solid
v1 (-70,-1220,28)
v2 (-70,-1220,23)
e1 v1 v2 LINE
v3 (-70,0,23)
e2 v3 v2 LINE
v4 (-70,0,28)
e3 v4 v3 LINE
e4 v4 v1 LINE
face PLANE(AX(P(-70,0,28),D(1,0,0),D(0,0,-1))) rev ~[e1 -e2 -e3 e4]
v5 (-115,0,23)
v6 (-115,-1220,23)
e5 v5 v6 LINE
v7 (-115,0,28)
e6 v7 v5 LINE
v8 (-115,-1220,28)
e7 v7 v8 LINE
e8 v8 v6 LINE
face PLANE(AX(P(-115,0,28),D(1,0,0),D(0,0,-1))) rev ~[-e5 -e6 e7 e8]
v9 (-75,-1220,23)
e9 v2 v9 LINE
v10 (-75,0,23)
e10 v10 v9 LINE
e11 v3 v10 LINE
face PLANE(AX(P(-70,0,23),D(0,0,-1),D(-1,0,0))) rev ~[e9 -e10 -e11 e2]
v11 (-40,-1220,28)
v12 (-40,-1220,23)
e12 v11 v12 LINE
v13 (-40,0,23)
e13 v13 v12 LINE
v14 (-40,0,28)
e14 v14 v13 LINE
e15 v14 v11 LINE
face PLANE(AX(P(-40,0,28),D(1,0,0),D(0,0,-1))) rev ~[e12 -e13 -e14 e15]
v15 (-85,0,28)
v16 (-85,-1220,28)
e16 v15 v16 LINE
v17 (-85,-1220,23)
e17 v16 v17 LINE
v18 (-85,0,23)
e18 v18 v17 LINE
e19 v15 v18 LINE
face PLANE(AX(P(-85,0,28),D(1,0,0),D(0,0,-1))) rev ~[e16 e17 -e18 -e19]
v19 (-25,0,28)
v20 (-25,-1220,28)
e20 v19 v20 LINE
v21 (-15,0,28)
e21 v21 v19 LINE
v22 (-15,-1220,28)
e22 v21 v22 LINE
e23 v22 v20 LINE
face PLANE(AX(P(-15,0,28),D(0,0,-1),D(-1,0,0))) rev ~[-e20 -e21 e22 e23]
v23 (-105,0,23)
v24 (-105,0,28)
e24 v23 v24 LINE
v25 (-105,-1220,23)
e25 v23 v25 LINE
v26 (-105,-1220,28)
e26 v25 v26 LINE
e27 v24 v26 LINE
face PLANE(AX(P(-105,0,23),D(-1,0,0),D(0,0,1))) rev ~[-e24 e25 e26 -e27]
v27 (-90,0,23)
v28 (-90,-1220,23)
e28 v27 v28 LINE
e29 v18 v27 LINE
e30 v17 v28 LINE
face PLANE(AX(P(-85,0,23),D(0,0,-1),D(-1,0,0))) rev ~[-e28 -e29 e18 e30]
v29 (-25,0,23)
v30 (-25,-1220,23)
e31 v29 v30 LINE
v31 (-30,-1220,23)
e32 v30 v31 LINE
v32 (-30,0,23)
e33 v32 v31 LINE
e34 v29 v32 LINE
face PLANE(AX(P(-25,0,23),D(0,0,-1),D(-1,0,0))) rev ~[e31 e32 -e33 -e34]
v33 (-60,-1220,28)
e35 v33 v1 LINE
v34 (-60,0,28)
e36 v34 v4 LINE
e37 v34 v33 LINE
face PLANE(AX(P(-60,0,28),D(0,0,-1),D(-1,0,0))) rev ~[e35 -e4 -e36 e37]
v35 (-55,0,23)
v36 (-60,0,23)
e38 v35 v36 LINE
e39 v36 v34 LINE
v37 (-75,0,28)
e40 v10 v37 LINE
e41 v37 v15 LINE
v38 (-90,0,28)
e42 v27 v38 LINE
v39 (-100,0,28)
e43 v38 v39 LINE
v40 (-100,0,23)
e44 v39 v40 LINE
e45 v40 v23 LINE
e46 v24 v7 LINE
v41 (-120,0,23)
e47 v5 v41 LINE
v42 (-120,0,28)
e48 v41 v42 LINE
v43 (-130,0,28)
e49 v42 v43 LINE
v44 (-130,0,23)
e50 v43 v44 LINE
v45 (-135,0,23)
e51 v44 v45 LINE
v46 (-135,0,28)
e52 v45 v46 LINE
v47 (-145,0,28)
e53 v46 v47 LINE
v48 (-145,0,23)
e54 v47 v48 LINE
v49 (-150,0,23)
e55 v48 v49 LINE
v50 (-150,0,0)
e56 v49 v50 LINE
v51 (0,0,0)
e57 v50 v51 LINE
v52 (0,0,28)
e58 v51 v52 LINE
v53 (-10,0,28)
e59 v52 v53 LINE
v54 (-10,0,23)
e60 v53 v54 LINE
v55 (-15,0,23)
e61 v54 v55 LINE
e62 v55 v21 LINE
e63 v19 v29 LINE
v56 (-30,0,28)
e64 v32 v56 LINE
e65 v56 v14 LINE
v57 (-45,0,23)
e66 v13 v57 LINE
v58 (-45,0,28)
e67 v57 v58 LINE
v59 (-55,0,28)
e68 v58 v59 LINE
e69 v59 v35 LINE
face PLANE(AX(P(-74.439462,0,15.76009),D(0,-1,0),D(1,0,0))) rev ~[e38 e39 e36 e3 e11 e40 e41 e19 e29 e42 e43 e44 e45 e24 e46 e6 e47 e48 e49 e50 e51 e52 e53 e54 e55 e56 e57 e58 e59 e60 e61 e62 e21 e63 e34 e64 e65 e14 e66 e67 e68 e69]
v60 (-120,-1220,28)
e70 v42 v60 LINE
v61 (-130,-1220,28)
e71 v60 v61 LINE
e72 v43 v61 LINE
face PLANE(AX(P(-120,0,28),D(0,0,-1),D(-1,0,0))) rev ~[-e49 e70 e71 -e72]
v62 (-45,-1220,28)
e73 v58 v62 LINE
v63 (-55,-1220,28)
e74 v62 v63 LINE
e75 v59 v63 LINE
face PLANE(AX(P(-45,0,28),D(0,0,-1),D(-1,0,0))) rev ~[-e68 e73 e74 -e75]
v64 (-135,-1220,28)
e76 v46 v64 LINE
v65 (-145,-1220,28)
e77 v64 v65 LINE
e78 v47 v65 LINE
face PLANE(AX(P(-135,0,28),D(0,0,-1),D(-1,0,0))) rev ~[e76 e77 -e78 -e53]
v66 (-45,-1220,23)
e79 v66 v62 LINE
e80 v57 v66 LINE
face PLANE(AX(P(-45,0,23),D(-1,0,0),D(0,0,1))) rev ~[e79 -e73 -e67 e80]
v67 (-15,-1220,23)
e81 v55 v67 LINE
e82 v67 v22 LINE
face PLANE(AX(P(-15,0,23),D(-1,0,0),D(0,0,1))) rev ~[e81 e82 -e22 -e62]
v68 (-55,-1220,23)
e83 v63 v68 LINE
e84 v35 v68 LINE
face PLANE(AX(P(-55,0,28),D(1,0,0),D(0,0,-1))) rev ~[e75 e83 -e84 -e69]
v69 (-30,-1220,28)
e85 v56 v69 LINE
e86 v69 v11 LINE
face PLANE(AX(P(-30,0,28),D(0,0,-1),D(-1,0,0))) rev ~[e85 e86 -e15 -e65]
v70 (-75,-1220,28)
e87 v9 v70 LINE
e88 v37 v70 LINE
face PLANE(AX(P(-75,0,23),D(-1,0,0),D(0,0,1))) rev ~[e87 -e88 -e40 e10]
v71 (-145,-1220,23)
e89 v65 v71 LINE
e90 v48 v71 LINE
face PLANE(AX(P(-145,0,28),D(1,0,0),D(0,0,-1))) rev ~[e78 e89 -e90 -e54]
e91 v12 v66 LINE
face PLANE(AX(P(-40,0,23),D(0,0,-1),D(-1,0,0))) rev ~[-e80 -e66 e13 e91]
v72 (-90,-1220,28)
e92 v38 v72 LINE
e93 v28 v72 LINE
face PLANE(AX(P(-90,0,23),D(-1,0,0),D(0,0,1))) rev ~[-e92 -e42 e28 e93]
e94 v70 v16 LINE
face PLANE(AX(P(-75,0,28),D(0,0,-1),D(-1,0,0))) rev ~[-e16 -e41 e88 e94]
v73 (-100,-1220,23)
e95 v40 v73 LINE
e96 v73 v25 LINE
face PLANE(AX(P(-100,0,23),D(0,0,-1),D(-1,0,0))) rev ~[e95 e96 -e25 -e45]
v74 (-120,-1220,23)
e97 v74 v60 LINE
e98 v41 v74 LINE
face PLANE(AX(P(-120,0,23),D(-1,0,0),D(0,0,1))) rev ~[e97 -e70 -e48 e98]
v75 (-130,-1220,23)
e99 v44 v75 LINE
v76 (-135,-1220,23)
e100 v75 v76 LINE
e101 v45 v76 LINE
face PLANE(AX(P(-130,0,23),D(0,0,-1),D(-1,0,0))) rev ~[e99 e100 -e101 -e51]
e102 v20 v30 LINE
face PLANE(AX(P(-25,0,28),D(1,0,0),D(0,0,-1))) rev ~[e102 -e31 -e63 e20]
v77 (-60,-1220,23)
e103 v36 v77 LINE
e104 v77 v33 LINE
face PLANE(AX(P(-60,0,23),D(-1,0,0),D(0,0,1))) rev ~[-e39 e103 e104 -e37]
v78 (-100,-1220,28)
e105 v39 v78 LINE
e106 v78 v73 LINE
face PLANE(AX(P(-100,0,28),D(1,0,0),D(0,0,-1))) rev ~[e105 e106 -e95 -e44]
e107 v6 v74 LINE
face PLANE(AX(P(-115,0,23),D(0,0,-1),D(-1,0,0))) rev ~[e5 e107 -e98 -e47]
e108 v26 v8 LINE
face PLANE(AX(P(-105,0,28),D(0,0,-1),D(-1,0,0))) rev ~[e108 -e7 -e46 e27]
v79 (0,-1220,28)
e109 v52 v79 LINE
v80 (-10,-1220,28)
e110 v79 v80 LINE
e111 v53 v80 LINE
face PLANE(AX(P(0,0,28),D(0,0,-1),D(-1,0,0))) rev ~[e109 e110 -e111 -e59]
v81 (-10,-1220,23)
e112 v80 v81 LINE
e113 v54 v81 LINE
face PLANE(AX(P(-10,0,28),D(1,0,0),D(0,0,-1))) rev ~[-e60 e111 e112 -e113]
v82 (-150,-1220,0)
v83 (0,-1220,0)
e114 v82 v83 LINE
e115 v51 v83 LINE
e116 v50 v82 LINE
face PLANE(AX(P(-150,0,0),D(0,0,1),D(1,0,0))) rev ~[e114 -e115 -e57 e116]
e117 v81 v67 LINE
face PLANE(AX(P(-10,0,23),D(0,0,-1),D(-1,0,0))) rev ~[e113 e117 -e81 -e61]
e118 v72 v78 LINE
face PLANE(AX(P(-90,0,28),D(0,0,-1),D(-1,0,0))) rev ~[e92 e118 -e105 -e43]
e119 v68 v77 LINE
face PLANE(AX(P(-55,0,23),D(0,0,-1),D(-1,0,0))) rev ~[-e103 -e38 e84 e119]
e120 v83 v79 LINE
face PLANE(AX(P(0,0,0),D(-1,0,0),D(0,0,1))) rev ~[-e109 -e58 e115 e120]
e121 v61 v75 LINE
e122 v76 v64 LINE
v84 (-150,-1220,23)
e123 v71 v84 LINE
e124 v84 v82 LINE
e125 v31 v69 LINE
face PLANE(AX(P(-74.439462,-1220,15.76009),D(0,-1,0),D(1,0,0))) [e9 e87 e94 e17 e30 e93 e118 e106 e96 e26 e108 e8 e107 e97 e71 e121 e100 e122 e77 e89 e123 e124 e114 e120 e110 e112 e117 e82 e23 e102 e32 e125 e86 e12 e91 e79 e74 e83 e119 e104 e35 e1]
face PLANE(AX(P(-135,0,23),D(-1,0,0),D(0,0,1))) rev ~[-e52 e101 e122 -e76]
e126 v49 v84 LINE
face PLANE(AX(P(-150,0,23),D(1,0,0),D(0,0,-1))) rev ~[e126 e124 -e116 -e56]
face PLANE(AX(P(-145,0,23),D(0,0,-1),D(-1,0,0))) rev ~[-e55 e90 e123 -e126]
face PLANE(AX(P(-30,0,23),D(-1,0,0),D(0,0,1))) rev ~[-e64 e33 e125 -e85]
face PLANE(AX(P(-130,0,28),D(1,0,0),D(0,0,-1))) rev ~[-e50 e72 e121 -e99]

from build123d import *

# Parameters (mm, degrees)
F1_DEPTH = 1220


with BuildPart() as f1:
    # F0 (on Front) → F1 (new body)
    with BuildSketch(Plane.XZ):
        Polygon((-150, 0), (0, 0), (0, 28), (-10, 28), (-10, 23), (-15, 23), (-15, 28), (-25, 28), (-25, 23), (-30, 23), (-30, 28), (-40, 28), (-40, 23), (-45, 23), (-45, 28), (-55, 28), (-55, 23), (-60, 23), (-60, 28), (-70, 28), (-70, 23), (-75, 23), (-75, 28), (-85, 28), (-85, 23), (-90, 23), (-90, 28), (-100, 28), (-100, 23), (-105, 23), (-105, 28), (-115, 28), (-115, 23), (-120, 23), (-120, 28), (-130, 28), (-130, 23), (-135, 23), (-135, 28), (-145, 28), (-145, 23), (-150, 23), align=None)
    extrude(amount=F1_DEPTH)


solid = f1.part
